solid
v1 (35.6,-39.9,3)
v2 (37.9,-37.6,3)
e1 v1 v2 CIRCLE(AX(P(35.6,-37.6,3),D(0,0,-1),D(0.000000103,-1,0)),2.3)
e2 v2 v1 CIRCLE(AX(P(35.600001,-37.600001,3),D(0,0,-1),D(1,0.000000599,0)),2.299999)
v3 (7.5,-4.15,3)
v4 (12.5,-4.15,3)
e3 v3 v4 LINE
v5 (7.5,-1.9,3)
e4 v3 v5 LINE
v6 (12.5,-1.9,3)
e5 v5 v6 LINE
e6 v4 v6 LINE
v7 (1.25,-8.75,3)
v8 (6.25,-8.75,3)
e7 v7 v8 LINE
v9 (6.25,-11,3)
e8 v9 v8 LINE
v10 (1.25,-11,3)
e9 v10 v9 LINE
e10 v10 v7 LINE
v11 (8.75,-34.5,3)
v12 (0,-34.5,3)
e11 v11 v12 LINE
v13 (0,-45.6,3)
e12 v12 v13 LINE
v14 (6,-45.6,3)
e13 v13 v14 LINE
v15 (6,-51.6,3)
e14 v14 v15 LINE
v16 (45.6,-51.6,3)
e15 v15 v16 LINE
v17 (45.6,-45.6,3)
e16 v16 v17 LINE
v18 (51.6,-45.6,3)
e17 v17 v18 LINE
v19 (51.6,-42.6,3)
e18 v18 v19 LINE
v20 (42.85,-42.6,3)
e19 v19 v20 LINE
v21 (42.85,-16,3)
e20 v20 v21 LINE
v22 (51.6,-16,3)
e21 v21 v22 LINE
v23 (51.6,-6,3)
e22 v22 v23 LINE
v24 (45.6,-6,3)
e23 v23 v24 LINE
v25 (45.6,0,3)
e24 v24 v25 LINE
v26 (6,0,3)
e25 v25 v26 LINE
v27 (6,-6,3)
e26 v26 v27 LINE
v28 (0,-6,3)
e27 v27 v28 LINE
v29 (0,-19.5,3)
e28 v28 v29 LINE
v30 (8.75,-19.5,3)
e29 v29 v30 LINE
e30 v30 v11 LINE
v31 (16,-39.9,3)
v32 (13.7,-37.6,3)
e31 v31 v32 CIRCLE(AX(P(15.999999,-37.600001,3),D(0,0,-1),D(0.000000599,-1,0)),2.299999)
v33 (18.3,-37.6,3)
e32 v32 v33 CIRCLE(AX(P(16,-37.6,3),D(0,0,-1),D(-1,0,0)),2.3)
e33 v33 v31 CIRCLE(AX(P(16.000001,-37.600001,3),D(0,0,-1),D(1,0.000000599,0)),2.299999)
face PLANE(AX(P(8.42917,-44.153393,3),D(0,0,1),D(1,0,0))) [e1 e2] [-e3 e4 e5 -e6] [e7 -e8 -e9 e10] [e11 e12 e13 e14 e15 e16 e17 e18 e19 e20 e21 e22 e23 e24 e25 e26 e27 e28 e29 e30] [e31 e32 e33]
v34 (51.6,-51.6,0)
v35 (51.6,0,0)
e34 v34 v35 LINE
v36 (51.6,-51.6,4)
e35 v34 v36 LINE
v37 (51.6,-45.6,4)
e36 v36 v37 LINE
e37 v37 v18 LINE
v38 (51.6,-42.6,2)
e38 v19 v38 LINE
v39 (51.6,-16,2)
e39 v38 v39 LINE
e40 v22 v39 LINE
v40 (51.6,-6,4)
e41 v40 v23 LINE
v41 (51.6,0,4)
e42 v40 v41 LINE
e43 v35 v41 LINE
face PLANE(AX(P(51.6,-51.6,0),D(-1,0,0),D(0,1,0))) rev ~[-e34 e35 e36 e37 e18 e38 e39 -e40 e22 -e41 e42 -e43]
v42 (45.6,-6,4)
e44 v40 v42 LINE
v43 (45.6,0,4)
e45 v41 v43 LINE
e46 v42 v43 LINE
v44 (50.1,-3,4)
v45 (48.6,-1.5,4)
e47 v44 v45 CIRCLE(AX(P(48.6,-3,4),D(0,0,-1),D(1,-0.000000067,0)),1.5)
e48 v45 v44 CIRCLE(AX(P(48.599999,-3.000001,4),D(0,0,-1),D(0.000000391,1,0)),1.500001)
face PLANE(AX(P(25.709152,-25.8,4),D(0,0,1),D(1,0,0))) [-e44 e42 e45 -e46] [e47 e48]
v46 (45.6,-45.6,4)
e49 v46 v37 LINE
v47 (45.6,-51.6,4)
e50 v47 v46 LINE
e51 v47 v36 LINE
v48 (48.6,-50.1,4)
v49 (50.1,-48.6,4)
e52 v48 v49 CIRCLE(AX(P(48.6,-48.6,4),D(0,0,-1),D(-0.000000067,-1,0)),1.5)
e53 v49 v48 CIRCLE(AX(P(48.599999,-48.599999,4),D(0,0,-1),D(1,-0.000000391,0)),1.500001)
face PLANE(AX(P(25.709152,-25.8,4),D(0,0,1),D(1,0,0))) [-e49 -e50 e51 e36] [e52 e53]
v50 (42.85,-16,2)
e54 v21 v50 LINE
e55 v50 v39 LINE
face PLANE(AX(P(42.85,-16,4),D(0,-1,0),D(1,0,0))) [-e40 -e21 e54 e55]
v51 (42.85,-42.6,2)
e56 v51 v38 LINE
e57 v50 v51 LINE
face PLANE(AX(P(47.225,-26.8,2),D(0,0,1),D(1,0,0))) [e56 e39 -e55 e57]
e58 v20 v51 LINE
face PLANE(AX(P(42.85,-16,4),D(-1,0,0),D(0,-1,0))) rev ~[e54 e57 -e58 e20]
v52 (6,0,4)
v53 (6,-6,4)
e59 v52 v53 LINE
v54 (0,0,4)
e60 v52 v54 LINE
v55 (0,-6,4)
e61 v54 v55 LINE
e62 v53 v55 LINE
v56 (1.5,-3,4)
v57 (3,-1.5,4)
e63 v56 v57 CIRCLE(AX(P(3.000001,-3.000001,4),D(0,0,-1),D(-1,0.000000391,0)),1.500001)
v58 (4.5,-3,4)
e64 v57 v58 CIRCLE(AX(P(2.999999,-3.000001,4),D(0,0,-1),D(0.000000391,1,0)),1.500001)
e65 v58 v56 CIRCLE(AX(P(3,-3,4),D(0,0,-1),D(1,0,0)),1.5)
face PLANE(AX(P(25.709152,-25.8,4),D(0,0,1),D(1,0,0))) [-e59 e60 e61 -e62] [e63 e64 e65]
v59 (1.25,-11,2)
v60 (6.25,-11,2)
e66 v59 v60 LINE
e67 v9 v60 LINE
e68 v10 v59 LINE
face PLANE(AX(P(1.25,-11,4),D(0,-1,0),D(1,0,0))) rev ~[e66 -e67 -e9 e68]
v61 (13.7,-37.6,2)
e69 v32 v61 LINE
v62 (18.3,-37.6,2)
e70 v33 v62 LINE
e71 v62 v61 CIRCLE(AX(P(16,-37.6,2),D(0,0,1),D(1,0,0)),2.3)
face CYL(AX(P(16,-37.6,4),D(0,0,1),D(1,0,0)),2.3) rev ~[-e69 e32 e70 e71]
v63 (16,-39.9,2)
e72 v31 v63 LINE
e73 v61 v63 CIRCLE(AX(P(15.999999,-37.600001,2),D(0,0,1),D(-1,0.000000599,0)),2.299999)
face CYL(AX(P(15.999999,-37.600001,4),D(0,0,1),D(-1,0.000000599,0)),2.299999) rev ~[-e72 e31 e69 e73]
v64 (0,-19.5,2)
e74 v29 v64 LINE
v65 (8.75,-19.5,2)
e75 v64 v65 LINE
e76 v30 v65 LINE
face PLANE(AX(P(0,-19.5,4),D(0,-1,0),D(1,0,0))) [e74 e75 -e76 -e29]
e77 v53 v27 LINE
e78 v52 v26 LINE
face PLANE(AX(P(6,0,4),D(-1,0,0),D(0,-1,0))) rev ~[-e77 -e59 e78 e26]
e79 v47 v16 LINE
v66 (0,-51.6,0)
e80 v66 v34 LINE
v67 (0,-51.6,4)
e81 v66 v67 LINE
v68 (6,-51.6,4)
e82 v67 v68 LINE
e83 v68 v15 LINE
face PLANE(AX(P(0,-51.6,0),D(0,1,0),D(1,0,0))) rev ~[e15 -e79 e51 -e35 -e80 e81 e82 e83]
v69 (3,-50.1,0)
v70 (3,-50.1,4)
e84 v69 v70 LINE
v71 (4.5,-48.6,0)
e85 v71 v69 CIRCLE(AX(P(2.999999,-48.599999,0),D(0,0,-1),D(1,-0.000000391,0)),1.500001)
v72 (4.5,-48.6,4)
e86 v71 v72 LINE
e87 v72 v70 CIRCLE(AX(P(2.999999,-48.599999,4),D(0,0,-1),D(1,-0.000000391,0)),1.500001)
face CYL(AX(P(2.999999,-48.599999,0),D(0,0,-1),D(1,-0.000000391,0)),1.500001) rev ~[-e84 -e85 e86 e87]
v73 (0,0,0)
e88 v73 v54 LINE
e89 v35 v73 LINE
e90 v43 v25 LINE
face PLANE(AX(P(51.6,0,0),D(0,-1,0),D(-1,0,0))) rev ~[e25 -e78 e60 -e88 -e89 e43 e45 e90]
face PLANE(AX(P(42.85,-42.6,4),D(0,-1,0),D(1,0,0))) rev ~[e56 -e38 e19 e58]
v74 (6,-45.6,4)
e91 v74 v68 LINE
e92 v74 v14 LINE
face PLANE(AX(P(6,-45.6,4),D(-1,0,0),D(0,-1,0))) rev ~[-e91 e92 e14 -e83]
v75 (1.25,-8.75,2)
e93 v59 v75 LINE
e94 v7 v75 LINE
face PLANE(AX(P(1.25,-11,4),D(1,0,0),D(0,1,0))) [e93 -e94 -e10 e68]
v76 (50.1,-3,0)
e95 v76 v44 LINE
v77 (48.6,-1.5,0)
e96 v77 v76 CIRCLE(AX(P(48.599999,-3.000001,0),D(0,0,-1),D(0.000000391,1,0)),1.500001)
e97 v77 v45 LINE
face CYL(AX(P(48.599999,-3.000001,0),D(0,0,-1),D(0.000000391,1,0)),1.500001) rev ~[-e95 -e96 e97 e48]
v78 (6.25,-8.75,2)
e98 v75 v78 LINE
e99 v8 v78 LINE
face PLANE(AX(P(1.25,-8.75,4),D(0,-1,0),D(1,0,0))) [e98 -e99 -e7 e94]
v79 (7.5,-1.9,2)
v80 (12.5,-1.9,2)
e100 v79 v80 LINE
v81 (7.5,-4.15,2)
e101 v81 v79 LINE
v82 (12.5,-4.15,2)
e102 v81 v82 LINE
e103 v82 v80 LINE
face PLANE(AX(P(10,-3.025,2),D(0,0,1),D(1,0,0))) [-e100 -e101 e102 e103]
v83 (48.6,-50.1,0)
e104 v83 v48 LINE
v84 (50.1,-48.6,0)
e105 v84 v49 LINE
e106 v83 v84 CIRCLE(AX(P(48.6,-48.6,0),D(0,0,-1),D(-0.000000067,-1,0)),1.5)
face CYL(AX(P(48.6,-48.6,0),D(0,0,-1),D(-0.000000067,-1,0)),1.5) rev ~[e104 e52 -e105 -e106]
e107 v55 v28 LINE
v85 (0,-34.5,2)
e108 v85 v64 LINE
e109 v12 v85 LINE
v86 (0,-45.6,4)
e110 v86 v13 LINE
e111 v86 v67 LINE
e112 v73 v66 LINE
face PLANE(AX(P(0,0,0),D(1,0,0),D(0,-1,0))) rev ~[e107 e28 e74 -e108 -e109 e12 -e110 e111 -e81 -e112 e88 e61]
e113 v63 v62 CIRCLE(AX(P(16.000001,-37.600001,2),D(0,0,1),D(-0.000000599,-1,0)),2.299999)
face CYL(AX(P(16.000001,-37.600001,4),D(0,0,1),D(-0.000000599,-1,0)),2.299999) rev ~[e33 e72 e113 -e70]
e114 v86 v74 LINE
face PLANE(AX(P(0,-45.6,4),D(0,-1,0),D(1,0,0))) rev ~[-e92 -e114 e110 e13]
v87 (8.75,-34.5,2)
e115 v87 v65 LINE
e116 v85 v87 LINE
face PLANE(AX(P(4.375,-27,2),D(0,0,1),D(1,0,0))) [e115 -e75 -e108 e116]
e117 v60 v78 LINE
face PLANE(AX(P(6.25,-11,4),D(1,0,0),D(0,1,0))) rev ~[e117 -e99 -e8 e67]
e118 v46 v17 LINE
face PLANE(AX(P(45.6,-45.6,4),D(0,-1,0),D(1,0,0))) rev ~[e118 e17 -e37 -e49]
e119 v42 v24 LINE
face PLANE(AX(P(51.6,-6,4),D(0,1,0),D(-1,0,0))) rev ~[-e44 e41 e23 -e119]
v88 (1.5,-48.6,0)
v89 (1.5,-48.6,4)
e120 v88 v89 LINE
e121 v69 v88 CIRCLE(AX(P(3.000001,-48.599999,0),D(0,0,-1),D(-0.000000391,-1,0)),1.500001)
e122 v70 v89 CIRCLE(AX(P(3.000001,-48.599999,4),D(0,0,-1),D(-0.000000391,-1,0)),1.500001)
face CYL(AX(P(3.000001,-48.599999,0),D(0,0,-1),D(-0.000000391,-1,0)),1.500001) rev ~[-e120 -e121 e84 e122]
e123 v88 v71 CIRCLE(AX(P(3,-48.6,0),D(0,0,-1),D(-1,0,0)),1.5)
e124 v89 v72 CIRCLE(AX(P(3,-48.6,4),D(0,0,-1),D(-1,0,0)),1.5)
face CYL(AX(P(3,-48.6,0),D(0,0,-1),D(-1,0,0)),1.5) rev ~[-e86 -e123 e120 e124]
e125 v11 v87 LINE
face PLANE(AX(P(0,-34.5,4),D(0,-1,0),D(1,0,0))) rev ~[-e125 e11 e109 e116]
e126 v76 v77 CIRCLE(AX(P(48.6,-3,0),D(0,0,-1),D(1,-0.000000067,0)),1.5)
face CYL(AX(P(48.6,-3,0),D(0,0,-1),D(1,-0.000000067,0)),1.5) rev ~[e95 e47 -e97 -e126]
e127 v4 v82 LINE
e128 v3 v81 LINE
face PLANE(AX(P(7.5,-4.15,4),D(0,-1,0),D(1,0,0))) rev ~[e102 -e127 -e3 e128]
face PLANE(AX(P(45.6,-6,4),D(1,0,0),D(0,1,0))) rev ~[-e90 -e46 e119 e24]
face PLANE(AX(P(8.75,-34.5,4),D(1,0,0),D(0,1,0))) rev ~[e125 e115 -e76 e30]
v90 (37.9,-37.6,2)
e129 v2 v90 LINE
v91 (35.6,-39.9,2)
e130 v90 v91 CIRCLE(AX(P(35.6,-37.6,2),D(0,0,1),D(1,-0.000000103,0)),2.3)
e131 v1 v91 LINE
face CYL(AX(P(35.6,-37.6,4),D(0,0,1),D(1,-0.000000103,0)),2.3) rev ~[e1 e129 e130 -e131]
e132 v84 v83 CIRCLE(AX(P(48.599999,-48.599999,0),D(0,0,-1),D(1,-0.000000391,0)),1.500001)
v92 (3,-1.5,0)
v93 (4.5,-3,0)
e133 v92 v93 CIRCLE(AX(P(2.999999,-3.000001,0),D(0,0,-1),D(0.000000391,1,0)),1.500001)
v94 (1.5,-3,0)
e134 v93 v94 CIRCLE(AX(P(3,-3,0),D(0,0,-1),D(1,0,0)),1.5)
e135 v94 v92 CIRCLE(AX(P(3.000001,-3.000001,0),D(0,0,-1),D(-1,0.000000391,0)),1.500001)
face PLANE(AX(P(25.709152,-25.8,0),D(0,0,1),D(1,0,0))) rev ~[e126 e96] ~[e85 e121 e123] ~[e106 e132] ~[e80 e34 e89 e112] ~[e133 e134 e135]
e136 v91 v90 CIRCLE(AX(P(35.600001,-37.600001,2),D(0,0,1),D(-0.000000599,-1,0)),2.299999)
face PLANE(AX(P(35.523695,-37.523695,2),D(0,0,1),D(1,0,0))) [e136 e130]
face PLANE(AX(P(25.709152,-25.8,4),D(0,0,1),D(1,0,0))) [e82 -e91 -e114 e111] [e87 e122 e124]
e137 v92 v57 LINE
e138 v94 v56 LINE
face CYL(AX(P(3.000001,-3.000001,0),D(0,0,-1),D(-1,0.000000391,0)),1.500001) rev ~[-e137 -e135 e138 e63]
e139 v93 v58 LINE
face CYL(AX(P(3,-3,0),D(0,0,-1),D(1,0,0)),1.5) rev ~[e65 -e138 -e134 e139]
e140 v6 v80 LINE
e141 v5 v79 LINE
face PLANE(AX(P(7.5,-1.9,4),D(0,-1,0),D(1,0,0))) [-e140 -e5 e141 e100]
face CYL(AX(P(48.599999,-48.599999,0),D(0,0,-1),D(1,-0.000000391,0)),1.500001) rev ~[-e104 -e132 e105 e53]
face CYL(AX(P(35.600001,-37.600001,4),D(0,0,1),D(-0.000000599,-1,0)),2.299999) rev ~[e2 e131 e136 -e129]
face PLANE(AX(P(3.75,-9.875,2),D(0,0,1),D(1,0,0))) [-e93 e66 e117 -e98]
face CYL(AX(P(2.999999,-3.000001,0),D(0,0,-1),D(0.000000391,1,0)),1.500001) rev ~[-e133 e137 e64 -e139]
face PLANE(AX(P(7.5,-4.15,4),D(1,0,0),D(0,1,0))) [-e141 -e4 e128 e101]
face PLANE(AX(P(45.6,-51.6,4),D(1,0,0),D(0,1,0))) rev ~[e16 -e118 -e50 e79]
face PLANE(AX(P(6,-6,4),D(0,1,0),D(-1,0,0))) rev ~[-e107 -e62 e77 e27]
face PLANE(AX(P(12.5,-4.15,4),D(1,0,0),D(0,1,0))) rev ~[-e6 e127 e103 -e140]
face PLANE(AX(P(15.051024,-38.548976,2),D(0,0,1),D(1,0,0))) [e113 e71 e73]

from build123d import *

# Parameters (mm, degrees)
F1_DEPTH = 4
F2_W     = 5
F2_H     = 2.25
F2_W_2   = 8.75
F2_H_2   = 15
F2_H_3   = 21.6
F2_H_4   = 5
F3_DEPTH = 2
F4_DEPTH = 1


with BuildPart() as f1:
    # F0 (on Top) → F1 (new body)
    with BuildSketch(Plane.XY):
        with BuildLine():
            Line((48.6, 0), (3, 0))
            Line((3, 0), (3, -1.5))
            ThreePointArc((3, -1.5), (4.06066, -1.93934), (4.5, -3))
            ThreePointArc((4.5, -3), (3, -4.5), (1.5, -3))
            Line((1.5, -3), (0, -3))
            Line((0, -3), (0, -48.6))
            Line((0, -48.6), (1.5, -48.6))
            ThreePointArc((1.5, -48.6), (3, -47.1), (4.5, -48.6))
            ThreePointArc((4.5, -48.6), (4.06066, -49.66066), (3, -50.1))
            Line((3, -50.1), (3, -51.6))
            Line((3, -51.6), (48.6, -51.6))
            Line((48.6, -51.6), (48.6, -50.1))
            ThreePointArc((48.6, -50.1), (47.53934, -47.53934), (50.1, -48.6))
            Line((50.1, -48.6), (51.6, -48.6))
            Line((51.6, -48.6), (51.6, -3))
            Line((51.6, -3), (50.1, -3))
            ThreePointArc((50.1, -3), (47.53934, -4.06066), (48.6, -1.5))
            Line((48.6, -1.5), (48.6, 0))
        make_face()
        with BuildLine():
            Line((1.5, -48.6), (0, -48.6))
            Line((0, -48.6), (0, -51.6))
            Line((0, -51.6), (3, -51.6))
            Line((3, -51.6), (3, -50.1))
            ThreePointArc((3, -50.1), (1.93934, -49.66066), (1.5, -48.6))
        make_face()
        with BuildLine():
            Line((51.6, -51.6), (51.6, -48.6))
            Line((51.6, -48.6), (50.1, -48.6))
            ThreePointArc((50.1, -48.6), (49.66066, -49.66066), (48.6, -50.1))
            Line((48.6, -50.1), (48.6, -51.6))
            Line((48.6, -51.6), (51.6, -51.6))
        make_face()
        with BuildLine():
            Line((51.6, 0), (48.6, 0))
            Line((48.6, 0), (48.6, -1.5))
            ThreePointArc((48.6, -1.5), (49.66066, -1.93934), (50.1, -3))
            Line((50.1, -3), (51.6, -3))
            Line((51.6, -3), (51.6, 0))
        make_face()
        with BuildLine():
            Line((3, 0), (0, 0))
            Line((0, 0), (0, -3))
            Line((0, -3), (1.5, -3))
            ThreePointArc((1.5, -3), (1.93934, -1.93934), (3, -1.5))
            Line((3, -1.5), (3, 0))
        make_face()
    extrude(amount=F1_DEPTH)

    # F2 (on face) → F3 (cut)
    with BuildSketch(Plane.XY.offset(4)):
        with Locations((3.75, -9.875)):
            Rectangle(F2_W, F2_H)
        with Locations((4.375, -27)):
            Rectangle(F2_W_2, F2_H_2)
        with BuildLine():
            Line((16, -37.6), (13.7, -37.6))
            ThreePointArc((13.7, -37.6), (14.373654, -39.226346), (16, -39.9))
            Line((16, -39.9), (16, -37.6))
        make_face()
        with BuildLine():
            ThreePointArc((18.3, -37.6), (16, -35.3), (13.7, -37.6))
            Line((13.7, -37.6), (16, -37.6))
            Line((16, -37.6), (16, -39.9))
            ThreePointArc((16, -39.9), (17.626346, -39.226346), (18.3, -37.6))
        make_face()
        with BuildLine():
            ThreePointArc((37.9, -37.6), (33.973654, -35.973654), (35.6, -39.9))
            Line((35.6, -39.9), (35.6, -37.6))
            Line((35.6, -37.6), (37.9, -37.6))
        make_face()
        with BuildLine():
            Line((35.6, -37.6), (35.6, -39.9))
            ThreePointArc((35.6, -39.9), (37.226346, -39.226346), (37.9, -37.6))
            Line((37.9, -37.6), (35.6, -37.6))
        make_face()
        with Locations((47.225, -26.8)):
            Rectangle(F2_W_2, F2_H_3)
        with Locations((47.225, -40.1)):
            Rectangle(F2_W_2, F2_H_4)
        with Locations((10, -3.025)):
            Rectangle(F2_W, F2_H)
    extrude(amount=-F3_DEPTH, mode=Mode.SUBTRACT)

    # F2 (on face) → F4 (cut)
    with BuildSketch(Plane.XY.offset(4)):
        with BuildLine():
            Line((13.7, -37.6), (0, -37.6))
            Line((0, -37.6), (0, -45.6))
            Line((0, -45.6), (6, -45.6))
            Line((6, -45.6), (6, -51.6))
            Line((6, -51.6), (16, -51.6))
            Line((16, -51.6), (16, -39.9))
            ThreePointArc((16, -39.9), (14.373654, -39.226346), (13.7, -37.6))
        make_face()
        with BuildLine():
            Line((6, -6), (0, -6))
            Line((0, -6), (0, -19.5))
            Line((0, -19.5), (8.75, -19.5))
            Line((8.75, -19.5), (8.75, -34.5))
            Line((8.75, -34.5), (0, -34.5))
            Line((0, -34.5), (0, -37.6))
            Line((0, -37.6), (13.7, -37.6))
            ThreePointArc((13.7, -37.6), (16, -35.3), (18.3, -37.6))
            ThreePointArc((18.3, -37.6), (17.626346, -39.226346), (16, -39.9))
            Line((16, -39.9), (16, -51.6))
            Line((16, -51.6), (35.6, -51.6))
            Line((35.6, -51.6), (35.6, -39.9))
            ThreePointArc((35.6, -39.9), (33.973654, -35.973654), (37.9, -37.6))
            Line((37.9, -37.6), (42.85, -37.6))
            Line((42.85, -37.6), (42.85, -16))
            Line((42.85, -16), (51.6, -16))
            Line((51.6, -16), (51.6, -6))
            Line((51.6, -6), (45.6, -6))
            Line((45.6, -6), (45.6, 0))
            Line((45.6, 0), (6, 0))
            Line((6, 0), (6, -6))
        make_face()
        with Locations((3.75, -9.875)):
            Rectangle(F2_W, F2_H, mode=Mode.SUBTRACT)
        with Locations((10, -3.025)):
            Rectangle(F2_W, F2_H, mode=Mode.SUBTRACT)
        with BuildLine():
            Line((35.6, -39.9), (35.6, -51.6))
            Line((35.6, -51.6), (45.6, -51.6))
            Line((45.6, -51.6), (45.6, -45.6))
            Line((45.6, -45.6), (51.6, -45.6))
            Line((51.6, -45.6), (51.6, -42.6))
            Line((51.6, -42.6), (42.85, -42.6))
            Line((42.85, -42.6), (42.85, -37.6))
            Line((42.85, -37.6), (37.9, -37.6))
            ThreePointArc((37.9, -37.6), (37.226346, -39.226346), (35.6, -39.9))
        make_face()
    extrude(amount=-F4_DEPTH, mode=Mode.SUBTRACT)


solid = f1.part
